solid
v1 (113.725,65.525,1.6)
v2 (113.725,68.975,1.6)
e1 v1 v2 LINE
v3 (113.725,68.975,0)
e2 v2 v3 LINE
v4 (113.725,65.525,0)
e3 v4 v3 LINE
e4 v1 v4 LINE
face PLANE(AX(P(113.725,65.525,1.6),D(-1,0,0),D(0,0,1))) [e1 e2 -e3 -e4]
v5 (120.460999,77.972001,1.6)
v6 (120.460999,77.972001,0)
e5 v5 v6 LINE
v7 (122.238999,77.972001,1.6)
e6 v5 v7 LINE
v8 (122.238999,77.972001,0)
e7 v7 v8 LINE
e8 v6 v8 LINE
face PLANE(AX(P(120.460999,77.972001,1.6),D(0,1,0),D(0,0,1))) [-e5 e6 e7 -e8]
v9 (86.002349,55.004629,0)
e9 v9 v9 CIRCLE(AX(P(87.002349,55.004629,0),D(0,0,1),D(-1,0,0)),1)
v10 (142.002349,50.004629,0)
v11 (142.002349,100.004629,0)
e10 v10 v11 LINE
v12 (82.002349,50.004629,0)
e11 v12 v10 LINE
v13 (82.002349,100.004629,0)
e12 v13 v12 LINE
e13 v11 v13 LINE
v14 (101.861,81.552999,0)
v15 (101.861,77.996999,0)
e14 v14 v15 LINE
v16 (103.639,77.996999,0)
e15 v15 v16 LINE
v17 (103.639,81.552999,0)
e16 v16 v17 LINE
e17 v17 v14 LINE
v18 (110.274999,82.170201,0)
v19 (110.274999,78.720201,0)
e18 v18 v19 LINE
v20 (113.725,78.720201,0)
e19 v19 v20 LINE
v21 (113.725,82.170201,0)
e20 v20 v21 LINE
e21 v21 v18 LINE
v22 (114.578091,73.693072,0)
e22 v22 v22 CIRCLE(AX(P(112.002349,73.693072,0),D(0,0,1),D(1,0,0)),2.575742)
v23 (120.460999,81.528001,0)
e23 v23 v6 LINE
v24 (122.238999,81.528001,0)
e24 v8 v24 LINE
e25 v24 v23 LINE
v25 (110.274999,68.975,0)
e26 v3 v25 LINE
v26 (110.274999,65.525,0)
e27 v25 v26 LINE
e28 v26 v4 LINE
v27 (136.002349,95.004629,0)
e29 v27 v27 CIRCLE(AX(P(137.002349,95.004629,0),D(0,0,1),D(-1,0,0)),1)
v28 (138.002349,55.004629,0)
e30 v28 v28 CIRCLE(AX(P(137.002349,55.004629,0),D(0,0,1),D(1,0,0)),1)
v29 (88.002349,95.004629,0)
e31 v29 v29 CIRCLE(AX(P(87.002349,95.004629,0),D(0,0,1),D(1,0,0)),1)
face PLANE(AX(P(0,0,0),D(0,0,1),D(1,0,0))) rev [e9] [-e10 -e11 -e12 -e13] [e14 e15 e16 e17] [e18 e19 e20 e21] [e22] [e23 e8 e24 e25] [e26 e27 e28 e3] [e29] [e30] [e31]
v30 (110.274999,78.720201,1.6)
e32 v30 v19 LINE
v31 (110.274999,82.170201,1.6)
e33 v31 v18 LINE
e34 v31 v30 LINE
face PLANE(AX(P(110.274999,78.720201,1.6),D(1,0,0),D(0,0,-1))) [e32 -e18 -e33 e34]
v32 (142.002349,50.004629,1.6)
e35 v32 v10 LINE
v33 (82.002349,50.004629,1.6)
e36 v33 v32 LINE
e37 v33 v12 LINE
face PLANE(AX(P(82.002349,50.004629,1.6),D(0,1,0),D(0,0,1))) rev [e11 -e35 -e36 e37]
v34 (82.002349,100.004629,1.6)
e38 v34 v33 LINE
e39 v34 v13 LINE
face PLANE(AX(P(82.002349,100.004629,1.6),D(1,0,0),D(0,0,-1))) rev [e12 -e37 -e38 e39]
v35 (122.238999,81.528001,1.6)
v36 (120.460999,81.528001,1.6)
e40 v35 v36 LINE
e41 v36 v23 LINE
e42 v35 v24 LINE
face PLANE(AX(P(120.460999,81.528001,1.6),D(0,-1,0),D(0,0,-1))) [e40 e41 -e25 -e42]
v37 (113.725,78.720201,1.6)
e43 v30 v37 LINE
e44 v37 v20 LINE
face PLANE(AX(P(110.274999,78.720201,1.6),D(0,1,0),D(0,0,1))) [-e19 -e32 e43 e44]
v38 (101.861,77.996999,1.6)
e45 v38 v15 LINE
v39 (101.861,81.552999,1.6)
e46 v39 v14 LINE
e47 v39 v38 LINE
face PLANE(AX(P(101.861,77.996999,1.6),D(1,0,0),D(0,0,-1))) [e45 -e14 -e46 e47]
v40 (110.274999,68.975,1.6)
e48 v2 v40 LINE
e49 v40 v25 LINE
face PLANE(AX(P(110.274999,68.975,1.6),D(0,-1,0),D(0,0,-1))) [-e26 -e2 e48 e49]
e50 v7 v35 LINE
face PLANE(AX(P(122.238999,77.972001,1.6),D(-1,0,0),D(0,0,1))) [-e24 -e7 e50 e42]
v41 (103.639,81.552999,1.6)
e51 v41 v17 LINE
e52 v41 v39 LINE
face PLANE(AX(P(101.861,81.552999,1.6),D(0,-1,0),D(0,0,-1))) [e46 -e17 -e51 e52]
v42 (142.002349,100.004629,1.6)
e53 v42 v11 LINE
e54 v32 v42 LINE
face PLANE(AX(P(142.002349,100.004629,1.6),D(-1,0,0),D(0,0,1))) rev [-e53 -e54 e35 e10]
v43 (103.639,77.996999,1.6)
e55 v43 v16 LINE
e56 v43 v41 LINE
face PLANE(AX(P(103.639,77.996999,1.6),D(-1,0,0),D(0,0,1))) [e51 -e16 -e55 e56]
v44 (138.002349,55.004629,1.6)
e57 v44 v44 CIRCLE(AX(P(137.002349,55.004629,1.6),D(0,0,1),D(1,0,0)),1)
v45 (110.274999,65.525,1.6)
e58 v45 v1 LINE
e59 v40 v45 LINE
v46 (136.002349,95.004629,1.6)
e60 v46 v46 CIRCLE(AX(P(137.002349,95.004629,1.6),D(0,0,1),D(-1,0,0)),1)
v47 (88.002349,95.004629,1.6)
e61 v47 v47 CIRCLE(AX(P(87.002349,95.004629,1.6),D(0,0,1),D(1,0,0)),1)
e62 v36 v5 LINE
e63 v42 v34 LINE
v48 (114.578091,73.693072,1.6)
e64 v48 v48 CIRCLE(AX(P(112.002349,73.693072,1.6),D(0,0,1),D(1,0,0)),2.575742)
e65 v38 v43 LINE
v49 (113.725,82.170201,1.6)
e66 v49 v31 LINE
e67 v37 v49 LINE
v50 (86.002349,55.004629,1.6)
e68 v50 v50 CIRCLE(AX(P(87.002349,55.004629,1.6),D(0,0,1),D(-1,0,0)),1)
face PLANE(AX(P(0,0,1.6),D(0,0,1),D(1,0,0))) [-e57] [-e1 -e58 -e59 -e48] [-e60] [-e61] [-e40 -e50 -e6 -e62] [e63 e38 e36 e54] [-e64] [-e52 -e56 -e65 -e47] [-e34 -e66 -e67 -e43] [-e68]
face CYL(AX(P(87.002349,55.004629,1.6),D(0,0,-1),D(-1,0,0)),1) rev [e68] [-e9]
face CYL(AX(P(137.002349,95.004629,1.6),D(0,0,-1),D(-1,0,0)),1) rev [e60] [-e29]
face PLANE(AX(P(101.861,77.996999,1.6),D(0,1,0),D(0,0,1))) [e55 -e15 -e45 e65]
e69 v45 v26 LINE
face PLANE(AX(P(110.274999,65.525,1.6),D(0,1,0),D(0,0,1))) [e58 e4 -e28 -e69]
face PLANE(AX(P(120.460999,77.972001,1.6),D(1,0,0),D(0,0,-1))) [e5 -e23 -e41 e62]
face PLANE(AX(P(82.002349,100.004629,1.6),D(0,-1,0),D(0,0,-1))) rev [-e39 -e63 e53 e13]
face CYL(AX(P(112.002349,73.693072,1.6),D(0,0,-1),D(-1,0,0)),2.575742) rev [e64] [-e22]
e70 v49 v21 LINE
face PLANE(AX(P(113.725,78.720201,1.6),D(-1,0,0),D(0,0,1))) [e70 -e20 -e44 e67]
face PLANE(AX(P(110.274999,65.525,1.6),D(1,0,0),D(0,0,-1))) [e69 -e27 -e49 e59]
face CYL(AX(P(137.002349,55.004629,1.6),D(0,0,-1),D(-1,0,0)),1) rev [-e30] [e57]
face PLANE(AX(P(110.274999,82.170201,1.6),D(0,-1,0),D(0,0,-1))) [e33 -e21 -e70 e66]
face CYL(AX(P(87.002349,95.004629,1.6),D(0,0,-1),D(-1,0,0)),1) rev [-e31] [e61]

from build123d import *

# Parameters (mm, degrees)
MODEL_W             = 60
MODEL_H             = 50
MODEL_R             = 2.57574226
MODEL_R_2           = 1
MODEL_W_2           = 1.778
MODEL_H_2           = 3.556
MODEL_W_3           = 3.45000072
MODEL_H_3           = 3.45000072
BOSS_EXTRUDE1_DEPTH = 1.6


with BuildPart() as part:
    # Model → Boss-Extrude1 (new body)
    with BuildSketch(Plane.XY):
        with Locations((112.002348606, 75.004629004)):
            Rectangle(MODEL_W, MODEL_H)
        with Locations((112.002348606, 73.693071842)):
            Circle(MODEL_R, mode=Mode.SUBTRACT)
        with Locations((87.002348606, 95.004629004)):
            Circle(MODEL_R_2, mode=Mode.SUBTRACT)
        with Locations(Location((137.002348606, 95.004629004, 0), (0, 0, 180))):
            Circle(MODEL_R_2, mode=Mode.SUBTRACT)
        with Locations((137.002348606, 55.004629004)):
            Circle(MODEL_R_2, mode=Mode.SUBTRACT)
        with Locations(Location((87.002348606, 55.004629004, 0), (0, 0, 180))):
            Circle(MODEL_R_2, mode=Mode.SUBTRACT)
        with Locations((121.3499986, 79.75000052)):
            Rectangle(MODEL_W_2, MODEL_H_2, mode=Mode.SUBTRACT)
        with Locations((102.75000024, 79.7749992)):
            Rectangle(MODEL_W_2, MODEL_H_2, mode=Mode.SUBTRACT)
        with Locations((111.99999952, 80.44520106)):
            Rectangle(MODEL_W_3, MODEL_H_3, mode=Mode.SUBTRACT)
        with Locations((111.99999952, 67.25000012)):
            Rectangle(MODEL_W_3, MODEL_H_3, mode=Mode.SUBTRACT)
    extrude(amount=BOSS_EXTRUDE1_DEPTH)


solid = part.part
